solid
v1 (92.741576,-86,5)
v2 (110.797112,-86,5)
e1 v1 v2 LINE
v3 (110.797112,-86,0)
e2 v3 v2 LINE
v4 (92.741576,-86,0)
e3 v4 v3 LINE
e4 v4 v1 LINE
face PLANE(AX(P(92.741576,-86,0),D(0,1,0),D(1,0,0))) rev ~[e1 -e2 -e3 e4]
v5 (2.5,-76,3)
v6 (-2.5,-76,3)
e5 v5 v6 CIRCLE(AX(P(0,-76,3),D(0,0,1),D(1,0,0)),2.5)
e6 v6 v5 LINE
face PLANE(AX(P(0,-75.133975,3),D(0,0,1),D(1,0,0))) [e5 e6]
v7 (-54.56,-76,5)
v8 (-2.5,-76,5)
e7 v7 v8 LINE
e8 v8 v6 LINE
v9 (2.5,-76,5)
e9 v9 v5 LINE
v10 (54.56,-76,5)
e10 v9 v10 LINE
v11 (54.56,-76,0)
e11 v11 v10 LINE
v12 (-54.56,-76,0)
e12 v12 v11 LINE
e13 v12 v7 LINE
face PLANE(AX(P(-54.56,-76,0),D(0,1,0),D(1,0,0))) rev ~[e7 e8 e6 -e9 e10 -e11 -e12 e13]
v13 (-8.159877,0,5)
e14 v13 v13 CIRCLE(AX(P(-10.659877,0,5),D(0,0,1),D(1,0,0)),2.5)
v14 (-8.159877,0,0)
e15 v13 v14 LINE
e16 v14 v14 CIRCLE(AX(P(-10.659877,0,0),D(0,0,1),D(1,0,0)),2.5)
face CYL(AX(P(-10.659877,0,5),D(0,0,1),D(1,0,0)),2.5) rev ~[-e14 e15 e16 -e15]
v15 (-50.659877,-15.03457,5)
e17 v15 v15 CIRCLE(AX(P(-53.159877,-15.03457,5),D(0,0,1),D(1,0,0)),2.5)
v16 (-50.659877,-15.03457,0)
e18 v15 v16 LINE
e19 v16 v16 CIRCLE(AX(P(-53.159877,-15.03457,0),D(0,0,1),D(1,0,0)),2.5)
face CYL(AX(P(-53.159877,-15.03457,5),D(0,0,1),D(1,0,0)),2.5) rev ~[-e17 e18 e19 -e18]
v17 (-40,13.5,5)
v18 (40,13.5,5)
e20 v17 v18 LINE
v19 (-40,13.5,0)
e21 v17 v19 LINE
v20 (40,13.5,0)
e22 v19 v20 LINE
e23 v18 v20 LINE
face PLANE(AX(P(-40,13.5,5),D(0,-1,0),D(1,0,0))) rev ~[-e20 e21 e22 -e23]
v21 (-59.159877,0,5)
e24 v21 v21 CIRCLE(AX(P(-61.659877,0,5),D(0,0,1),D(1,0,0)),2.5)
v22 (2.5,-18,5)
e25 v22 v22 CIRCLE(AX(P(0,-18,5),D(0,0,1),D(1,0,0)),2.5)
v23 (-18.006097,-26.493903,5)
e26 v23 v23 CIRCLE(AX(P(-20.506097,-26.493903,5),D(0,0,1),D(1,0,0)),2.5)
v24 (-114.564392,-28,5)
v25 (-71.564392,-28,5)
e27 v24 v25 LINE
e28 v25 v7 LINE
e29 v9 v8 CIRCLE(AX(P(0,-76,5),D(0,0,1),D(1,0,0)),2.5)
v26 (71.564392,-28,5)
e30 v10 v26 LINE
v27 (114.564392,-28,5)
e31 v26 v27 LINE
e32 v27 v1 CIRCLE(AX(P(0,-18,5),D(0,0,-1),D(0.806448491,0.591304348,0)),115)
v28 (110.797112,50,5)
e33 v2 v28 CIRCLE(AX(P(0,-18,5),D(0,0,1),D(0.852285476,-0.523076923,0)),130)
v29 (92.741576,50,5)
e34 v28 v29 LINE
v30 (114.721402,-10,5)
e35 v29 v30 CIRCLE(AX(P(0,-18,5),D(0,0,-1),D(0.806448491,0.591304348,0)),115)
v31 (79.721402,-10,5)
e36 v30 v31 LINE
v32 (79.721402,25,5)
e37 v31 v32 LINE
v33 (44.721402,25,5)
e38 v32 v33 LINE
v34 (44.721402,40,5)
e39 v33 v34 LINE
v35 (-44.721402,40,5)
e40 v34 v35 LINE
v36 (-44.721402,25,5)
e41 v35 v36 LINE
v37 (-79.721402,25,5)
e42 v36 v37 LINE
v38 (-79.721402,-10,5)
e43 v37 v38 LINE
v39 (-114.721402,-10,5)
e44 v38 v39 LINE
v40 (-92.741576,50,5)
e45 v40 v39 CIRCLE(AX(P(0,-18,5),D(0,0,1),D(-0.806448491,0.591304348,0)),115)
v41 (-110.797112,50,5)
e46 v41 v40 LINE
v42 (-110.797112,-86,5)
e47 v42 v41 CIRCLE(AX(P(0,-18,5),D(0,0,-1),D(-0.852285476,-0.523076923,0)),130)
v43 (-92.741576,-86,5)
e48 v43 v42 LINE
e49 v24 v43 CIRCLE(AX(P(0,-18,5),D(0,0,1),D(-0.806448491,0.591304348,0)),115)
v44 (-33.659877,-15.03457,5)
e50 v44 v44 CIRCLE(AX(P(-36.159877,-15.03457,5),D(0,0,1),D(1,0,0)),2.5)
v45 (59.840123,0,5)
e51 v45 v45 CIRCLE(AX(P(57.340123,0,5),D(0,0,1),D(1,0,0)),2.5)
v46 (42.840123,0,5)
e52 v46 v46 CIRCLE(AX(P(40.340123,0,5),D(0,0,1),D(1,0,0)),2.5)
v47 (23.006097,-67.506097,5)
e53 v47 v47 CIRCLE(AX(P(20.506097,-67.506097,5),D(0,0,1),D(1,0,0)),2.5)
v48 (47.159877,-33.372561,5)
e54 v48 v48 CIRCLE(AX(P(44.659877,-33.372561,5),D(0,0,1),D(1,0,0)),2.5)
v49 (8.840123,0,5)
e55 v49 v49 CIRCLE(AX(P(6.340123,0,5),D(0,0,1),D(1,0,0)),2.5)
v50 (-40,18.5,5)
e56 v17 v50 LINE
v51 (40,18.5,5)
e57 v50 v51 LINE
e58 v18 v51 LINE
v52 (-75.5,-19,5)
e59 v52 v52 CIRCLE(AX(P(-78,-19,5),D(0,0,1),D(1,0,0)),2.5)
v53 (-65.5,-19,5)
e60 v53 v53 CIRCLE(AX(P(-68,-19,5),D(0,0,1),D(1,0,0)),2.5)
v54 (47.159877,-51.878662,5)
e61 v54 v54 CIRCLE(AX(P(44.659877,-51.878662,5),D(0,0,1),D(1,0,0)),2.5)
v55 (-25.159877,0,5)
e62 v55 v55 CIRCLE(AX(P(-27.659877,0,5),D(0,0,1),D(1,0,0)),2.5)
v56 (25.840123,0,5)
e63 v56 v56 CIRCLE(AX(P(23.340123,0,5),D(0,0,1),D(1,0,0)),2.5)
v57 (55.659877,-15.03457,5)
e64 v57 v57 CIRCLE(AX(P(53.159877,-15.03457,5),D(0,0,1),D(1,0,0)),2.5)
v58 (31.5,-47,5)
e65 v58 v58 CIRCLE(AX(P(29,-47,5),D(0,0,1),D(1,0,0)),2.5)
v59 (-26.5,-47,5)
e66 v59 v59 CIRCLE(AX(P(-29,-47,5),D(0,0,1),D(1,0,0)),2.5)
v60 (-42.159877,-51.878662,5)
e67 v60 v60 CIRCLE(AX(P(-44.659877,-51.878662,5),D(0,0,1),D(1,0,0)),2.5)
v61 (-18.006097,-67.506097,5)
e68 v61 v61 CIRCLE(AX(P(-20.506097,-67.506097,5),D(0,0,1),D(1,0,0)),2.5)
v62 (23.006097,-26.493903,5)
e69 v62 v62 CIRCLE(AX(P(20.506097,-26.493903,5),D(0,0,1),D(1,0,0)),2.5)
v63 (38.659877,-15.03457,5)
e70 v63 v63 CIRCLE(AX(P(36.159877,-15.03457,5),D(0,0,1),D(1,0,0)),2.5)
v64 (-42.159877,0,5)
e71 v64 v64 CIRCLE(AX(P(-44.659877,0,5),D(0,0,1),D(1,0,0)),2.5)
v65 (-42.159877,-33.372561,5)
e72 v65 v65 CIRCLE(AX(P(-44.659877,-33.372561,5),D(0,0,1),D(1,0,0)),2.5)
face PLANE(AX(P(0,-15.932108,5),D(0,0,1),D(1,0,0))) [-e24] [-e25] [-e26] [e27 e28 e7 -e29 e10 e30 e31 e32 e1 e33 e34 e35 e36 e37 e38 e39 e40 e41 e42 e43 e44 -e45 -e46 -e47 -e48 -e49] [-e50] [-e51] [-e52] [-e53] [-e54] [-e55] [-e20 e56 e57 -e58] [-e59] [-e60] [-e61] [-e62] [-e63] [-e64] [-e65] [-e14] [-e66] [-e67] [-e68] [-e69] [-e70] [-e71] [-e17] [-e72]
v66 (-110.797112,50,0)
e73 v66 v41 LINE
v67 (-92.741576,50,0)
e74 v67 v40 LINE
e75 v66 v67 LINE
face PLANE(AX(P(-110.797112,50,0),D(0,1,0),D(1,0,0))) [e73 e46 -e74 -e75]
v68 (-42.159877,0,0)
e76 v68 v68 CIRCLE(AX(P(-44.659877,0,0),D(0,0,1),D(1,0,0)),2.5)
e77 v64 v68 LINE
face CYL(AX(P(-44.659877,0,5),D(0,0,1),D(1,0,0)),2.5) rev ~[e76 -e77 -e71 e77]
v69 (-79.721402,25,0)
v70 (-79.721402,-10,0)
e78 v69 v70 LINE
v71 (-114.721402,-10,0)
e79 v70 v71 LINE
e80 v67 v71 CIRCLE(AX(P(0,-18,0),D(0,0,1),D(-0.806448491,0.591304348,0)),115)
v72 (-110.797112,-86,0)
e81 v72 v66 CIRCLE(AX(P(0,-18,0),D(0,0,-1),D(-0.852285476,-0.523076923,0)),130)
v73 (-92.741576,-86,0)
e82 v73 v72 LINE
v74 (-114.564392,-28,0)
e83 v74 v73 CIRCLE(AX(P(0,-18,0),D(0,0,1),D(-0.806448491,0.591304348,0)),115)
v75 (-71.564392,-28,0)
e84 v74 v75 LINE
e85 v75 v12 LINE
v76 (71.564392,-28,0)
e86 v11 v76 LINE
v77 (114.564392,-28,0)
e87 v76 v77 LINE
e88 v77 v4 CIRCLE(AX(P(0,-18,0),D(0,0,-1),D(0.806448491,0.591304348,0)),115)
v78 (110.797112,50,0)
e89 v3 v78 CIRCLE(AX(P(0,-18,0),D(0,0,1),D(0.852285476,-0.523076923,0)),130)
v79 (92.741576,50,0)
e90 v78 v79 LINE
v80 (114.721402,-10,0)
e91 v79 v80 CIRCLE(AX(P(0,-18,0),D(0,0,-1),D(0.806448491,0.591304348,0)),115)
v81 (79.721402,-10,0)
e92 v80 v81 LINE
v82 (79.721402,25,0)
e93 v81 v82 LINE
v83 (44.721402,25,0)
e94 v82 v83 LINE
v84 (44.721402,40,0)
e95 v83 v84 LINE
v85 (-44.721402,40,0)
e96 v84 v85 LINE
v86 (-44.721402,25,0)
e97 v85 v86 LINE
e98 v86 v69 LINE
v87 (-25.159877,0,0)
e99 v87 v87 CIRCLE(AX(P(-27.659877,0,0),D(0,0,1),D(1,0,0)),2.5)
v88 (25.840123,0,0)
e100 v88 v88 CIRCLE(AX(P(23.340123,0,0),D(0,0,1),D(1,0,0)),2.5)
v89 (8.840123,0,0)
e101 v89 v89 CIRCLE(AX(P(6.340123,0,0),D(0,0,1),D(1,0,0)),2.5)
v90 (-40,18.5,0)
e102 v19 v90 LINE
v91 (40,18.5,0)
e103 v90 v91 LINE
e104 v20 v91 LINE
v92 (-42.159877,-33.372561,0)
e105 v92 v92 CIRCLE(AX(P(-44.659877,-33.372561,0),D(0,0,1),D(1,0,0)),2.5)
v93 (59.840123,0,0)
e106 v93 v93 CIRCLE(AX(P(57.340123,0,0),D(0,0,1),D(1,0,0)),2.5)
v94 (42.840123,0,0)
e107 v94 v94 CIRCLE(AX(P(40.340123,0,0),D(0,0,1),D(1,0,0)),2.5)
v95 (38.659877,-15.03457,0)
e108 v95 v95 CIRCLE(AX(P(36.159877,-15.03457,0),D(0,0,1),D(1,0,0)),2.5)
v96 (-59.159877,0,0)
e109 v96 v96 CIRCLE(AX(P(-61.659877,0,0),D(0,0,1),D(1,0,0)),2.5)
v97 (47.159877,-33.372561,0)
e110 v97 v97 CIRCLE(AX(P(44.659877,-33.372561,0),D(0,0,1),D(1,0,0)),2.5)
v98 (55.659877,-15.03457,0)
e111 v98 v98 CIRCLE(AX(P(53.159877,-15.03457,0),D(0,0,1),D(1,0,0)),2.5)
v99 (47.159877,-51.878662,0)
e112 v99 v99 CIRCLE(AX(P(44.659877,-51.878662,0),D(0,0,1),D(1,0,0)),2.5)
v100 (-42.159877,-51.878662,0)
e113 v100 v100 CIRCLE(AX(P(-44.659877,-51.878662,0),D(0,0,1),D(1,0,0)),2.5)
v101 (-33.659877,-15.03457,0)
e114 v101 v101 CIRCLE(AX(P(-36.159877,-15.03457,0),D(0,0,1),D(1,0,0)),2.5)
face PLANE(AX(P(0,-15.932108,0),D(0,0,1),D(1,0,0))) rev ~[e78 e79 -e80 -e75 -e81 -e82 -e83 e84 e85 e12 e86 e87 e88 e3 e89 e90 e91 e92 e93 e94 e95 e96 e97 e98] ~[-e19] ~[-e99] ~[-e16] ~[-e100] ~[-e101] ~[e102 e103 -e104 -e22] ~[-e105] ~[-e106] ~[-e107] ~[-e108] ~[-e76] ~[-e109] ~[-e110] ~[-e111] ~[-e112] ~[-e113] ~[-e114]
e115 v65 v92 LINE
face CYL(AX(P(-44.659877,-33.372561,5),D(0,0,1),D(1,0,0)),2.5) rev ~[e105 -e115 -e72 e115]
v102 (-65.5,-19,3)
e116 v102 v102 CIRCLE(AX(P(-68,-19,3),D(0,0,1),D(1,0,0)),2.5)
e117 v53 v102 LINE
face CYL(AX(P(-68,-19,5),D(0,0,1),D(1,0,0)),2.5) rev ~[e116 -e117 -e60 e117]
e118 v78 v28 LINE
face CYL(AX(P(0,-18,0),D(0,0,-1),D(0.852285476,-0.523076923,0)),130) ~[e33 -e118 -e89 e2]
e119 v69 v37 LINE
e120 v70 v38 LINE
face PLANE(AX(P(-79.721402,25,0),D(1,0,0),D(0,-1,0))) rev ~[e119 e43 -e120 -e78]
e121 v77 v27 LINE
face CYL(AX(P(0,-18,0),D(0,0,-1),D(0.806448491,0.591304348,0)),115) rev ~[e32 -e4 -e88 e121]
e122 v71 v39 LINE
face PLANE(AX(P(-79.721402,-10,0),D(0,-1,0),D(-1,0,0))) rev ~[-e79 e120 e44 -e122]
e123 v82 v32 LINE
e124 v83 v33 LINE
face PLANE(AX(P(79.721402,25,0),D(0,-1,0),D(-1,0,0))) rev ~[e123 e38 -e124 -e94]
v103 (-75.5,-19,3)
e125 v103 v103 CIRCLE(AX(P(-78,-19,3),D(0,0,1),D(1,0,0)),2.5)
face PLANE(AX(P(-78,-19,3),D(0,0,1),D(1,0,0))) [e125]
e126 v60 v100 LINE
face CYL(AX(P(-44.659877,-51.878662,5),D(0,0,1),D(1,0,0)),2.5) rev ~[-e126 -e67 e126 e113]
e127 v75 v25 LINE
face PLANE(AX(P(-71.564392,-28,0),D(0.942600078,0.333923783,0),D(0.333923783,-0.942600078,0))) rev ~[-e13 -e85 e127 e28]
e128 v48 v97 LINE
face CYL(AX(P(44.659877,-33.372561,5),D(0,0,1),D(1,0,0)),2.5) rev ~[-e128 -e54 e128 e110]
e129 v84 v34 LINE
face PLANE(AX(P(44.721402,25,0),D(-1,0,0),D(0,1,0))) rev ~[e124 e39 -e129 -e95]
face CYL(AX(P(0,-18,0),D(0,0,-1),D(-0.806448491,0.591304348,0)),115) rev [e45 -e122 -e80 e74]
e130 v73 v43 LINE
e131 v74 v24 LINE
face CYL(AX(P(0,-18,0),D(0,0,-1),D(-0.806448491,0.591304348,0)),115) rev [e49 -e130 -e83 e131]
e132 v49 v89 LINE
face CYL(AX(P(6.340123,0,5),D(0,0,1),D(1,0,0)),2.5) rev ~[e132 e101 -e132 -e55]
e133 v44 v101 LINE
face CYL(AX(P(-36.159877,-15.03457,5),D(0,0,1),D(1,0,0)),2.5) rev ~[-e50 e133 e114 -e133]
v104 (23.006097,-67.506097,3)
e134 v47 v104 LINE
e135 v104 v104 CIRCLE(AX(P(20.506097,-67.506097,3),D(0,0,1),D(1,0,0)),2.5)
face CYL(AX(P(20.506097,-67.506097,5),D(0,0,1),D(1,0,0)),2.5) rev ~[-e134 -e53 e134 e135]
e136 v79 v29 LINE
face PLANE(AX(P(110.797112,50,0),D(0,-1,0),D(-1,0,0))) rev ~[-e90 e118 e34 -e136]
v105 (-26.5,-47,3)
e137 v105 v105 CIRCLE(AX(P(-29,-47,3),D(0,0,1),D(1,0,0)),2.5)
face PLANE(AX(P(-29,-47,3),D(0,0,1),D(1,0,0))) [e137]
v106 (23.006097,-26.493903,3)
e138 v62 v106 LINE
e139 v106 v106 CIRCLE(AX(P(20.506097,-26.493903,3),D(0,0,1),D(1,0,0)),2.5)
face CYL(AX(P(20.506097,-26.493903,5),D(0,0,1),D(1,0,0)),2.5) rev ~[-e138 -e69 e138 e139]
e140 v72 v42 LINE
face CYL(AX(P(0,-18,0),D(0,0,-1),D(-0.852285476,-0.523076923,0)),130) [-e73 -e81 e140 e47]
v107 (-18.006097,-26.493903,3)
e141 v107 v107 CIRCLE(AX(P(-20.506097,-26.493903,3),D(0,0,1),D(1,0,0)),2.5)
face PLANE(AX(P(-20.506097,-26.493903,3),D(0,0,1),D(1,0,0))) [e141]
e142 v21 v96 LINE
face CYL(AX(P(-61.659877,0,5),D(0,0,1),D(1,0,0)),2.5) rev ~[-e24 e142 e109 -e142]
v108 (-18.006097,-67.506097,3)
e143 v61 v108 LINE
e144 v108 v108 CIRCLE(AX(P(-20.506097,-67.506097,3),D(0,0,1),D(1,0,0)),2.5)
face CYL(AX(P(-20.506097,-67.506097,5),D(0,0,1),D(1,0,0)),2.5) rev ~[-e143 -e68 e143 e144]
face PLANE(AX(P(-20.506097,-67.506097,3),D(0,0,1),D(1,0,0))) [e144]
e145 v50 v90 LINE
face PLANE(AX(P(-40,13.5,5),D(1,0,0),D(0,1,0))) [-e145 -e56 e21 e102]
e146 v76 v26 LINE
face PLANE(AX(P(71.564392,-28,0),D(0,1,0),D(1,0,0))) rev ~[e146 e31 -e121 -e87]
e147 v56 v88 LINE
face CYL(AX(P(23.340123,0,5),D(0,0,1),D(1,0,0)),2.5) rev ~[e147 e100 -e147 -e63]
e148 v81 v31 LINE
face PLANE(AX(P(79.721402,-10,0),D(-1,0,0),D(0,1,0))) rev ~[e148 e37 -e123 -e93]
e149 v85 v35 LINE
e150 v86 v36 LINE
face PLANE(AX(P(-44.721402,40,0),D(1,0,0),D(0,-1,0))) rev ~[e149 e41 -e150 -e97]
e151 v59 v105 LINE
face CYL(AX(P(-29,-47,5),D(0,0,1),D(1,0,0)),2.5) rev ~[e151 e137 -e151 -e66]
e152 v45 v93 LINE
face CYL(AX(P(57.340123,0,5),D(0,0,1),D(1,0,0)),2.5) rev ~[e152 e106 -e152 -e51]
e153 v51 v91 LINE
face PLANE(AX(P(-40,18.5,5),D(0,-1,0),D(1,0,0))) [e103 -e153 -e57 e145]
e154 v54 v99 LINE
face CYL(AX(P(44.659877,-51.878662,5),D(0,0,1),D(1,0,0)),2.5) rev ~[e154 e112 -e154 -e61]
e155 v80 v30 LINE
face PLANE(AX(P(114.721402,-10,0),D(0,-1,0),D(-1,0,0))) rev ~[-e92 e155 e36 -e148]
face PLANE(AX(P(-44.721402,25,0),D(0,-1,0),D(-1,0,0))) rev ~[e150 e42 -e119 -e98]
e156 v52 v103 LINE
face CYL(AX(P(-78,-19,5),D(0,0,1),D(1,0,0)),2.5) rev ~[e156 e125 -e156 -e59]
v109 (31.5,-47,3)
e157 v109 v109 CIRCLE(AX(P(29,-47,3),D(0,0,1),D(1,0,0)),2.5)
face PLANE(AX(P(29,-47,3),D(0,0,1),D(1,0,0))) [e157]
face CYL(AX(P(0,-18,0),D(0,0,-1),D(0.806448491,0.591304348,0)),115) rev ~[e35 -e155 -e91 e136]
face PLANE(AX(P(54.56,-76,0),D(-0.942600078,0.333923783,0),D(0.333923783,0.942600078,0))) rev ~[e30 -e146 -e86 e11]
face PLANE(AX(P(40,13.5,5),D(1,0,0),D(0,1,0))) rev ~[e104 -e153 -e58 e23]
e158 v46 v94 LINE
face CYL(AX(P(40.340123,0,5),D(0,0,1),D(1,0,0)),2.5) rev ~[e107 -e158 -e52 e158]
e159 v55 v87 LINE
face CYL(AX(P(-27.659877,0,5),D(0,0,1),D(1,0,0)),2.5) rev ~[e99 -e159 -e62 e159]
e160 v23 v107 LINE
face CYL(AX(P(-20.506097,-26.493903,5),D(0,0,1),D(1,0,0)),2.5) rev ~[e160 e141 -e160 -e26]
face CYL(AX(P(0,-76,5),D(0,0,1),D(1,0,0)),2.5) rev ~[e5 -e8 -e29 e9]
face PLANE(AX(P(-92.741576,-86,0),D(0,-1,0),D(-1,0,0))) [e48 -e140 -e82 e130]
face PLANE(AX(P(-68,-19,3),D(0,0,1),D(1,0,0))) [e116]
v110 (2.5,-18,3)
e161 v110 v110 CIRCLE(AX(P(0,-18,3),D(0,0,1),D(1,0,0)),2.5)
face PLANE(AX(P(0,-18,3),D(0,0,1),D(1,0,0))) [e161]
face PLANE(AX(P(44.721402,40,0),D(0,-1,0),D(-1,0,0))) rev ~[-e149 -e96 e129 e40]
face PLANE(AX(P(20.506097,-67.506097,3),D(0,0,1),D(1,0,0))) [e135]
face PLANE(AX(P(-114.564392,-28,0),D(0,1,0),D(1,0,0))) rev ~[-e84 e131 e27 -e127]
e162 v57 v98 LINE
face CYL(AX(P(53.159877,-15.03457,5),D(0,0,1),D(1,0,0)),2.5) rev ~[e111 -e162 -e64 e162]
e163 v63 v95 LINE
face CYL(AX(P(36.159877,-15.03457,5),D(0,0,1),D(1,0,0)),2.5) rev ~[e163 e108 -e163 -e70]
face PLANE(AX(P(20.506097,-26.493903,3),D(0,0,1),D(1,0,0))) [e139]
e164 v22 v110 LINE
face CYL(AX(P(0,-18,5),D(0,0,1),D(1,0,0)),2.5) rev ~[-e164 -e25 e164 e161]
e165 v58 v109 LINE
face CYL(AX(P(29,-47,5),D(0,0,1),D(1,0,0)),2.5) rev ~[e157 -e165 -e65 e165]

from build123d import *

# Parameters (mm, degrees)
BOSS_EXTRU_1_DEPTH       = 5
ESQUISSE2_W              = 80
ESQUISSE2_H              = 5
ENL_V_MAT_EXTRU_1_DEPTH  = 10
ESQUISSE3_R              = 2.5
ENL_V_MAT_EXTRU_6_DEPTH  = 2
ESQUISSE5_R              = 2.5
ENL_V_MAT_EXTRU_10_DEPTH = 2
ESQUISSE6_R              = 2.5
ENL_V_MAT_EXTRU_12_DEPTH = 6


with BuildPart() as part:
    # Esquisse1 → Boss.-Extru.1 (new body)
    with BuildSketch(Plane.XY):
        with BuildLine():
            Line((-79.721401665, 25), (-79.721401665, -10))
            Line((-79.721401665, -10), (-114.721401665, -10))
            ThreePointArc((-114.721401665, -10), (-114.995625295, -19.003076756), (-114.564392374, -28))
            Line((-114.564392374, -28), (-71.564392374, -28))
            Line((-71.564392374, -28), (-54.56, -76))
            Line((-54.56, -76), (54.56, -76))
            Line((54.56, -76), (71.564392374, -28))
            Line((71.564392374, -28), (114.564392374, -28))
            ThreePointArc((114.564392374, -28), (114.995625295, -19.003076756), (114.721401665, -10))
            Line((114.721401665, -10), (79.721401665, -10))
            Line((79.721401665, -10), (79.721401665, 25))
            Line((79.721401665, 25), (44.721401665, 25))
            Line((44.721401665, 25), (44.721401665, 40))
            Line((44.721401665, 40), (-44.721401665, 40))
            Line((-44.721401665, 40), (-44.721401665, 25))
            Line((-44.721401665, 25), (-79.721401665, 25))
        make_face()
        with BuildLine():
            ThreePointArc((-92.741576437, 50), (-115, -18), (-92.741576437, -86))
            Line((-92.741576437, -86), (-110.797111876, -86))
            ThreePointArc((-110.797111876, -86), (-130, -18), (-110.797111876, 50))
            Line((-110.797111876, 50), (-92.741576437, 50))
        make_face()
        with BuildLine():
            ThreePointArc((92.741576437, 50), (115, -18), (92.741576437, -86))
            Line((92.741576437, -86), (110.797111876, -86))
            ThreePointArc((110.797111876, -86), (130, -18), (110.797111876, 50))
            Line((110.797111876, 50), (92.741576437, 50))
        make_face()
    extrude(amount=BOSS_EXTRU_1_DEPTH)

    # Esquisse2 → Enlèv. mat.-Extru.1 (cut)
    with BuildSketch(Plane.XY.offset(5)):
        with Locations((0, 16)):
            Rectangle(ESQUISSE2_W, ESQUISSE2_H)
    extrude(amount=-ENL_V_MAT_EXTRU_1_DEPTH, mode=Mode.SUBTRACT)

    # Esquisse3 → Enlèv. mat.-Extru.6 (cut)
    with BuildSketch(Plane.XY.offset(5)):
        with Locations((-68, -19)):
            Circle(ESQUISSE3_R)
        with Locations((-78, -19)):
            Circle(ESQUISSE3_R)
    extrude(amount=-ENL_V_MAT_EXTRU_6_DEPTH, mode=Mode.SUBTRACT)

    # Esquisse5 → Enlèv. mat.-Extru.10 (cut)
    with BuildSketch(Plane.XY.offset(5)):
        with Locations((-29, -47)):
            Circle(ESQUISSE5_R)
        with Locations((-20.506096654, -67.506096654)):
            Circle(ESQUISSE5_R)
        with BuildLine():
            Line((-2.5, -76), (2.5, -76))
            ThreePointArc((2.5, -76), (0, -73.5), (-2.5, -76))
        make_face()
        with Locations((20.506096654, -67.506096654)):
            Circle(ESQUISSE5_R)
        with Locations((29, -47)):
            Circle(ESQUISSE5_R)
        with Locations((20.506096654, -26.493903346)):
            Circle(ESQUISSE5_R)
        with Locations((0, -18)):
            Circle(ESQUISSE5_R)
        with Locations((-20.506096654, -26.493903346)):
            Circle(ESQUISSE5_R)
    extrude(amount=-ENL_V_MAT_EXTRU_10_DEPTH, mode=Mode.SUBTRACT)

    # Esquisse6 → Enlèv. mat.-Extru.12 (cut, through all)
    with BuildSketch(Plane.XY.offset(5)):
        with Locations((-61.659877018, 0)):
            Circle(ESQUISSE6_R)
        with Locations((-44.659877018, 0)):
            Circle(ESQUISSE6_R)
        with Locations((-27.659877018, 0)):
            Circle(ESQUISSE6_R)
        with Locations((-10.659877018, 0)):
            Circle(ESQUISSE6_R)
        with Locations((6.340122982, 0)):
            Circle(ESQUISSE6_R)
        with Locations((23.340122982, 0)):
            Circle(ESQUISSE6_R)
        with Locations((40.340122982, 0)):
            Circle(ESQUISSE6_R)
        with Locations((57.340122982, 0)):
            Circle(ESQUISSE6_R)
        with Locations((-53.159877018, -15.034569708)):
            Circle(ESQUISSE6_R)
        with Locations((-36.159877018, -15.034569708)):
            Circle(ESQUISSE6_R)
        with Locations((-44.659877018, -33.372561191)):
            Circle(ESQUISSE6_R)
        with Locations((-44.659877018, -51.87866202)):
            Circle(ESQUISSE6_R)
        with Locations((44.659877018, -51.87866202)):
            Circle(ESQUISSE6_R)
        with Locations((44.659877018, -33.372561191)):
            Circle(ESQUISSE6_R)
        with Locations((36.159877018, -15.034569708)):
            Circle(ESQUISSE6_R)
        with Locations((53.159877018, -15.034569708)):
            Circle(ESQUISSE6_R)
    extrude(amount=-ENL_V_MAT_EXTRU_12_DEPTH, mode=Mode.SUBTRACT)


solid = part.part
